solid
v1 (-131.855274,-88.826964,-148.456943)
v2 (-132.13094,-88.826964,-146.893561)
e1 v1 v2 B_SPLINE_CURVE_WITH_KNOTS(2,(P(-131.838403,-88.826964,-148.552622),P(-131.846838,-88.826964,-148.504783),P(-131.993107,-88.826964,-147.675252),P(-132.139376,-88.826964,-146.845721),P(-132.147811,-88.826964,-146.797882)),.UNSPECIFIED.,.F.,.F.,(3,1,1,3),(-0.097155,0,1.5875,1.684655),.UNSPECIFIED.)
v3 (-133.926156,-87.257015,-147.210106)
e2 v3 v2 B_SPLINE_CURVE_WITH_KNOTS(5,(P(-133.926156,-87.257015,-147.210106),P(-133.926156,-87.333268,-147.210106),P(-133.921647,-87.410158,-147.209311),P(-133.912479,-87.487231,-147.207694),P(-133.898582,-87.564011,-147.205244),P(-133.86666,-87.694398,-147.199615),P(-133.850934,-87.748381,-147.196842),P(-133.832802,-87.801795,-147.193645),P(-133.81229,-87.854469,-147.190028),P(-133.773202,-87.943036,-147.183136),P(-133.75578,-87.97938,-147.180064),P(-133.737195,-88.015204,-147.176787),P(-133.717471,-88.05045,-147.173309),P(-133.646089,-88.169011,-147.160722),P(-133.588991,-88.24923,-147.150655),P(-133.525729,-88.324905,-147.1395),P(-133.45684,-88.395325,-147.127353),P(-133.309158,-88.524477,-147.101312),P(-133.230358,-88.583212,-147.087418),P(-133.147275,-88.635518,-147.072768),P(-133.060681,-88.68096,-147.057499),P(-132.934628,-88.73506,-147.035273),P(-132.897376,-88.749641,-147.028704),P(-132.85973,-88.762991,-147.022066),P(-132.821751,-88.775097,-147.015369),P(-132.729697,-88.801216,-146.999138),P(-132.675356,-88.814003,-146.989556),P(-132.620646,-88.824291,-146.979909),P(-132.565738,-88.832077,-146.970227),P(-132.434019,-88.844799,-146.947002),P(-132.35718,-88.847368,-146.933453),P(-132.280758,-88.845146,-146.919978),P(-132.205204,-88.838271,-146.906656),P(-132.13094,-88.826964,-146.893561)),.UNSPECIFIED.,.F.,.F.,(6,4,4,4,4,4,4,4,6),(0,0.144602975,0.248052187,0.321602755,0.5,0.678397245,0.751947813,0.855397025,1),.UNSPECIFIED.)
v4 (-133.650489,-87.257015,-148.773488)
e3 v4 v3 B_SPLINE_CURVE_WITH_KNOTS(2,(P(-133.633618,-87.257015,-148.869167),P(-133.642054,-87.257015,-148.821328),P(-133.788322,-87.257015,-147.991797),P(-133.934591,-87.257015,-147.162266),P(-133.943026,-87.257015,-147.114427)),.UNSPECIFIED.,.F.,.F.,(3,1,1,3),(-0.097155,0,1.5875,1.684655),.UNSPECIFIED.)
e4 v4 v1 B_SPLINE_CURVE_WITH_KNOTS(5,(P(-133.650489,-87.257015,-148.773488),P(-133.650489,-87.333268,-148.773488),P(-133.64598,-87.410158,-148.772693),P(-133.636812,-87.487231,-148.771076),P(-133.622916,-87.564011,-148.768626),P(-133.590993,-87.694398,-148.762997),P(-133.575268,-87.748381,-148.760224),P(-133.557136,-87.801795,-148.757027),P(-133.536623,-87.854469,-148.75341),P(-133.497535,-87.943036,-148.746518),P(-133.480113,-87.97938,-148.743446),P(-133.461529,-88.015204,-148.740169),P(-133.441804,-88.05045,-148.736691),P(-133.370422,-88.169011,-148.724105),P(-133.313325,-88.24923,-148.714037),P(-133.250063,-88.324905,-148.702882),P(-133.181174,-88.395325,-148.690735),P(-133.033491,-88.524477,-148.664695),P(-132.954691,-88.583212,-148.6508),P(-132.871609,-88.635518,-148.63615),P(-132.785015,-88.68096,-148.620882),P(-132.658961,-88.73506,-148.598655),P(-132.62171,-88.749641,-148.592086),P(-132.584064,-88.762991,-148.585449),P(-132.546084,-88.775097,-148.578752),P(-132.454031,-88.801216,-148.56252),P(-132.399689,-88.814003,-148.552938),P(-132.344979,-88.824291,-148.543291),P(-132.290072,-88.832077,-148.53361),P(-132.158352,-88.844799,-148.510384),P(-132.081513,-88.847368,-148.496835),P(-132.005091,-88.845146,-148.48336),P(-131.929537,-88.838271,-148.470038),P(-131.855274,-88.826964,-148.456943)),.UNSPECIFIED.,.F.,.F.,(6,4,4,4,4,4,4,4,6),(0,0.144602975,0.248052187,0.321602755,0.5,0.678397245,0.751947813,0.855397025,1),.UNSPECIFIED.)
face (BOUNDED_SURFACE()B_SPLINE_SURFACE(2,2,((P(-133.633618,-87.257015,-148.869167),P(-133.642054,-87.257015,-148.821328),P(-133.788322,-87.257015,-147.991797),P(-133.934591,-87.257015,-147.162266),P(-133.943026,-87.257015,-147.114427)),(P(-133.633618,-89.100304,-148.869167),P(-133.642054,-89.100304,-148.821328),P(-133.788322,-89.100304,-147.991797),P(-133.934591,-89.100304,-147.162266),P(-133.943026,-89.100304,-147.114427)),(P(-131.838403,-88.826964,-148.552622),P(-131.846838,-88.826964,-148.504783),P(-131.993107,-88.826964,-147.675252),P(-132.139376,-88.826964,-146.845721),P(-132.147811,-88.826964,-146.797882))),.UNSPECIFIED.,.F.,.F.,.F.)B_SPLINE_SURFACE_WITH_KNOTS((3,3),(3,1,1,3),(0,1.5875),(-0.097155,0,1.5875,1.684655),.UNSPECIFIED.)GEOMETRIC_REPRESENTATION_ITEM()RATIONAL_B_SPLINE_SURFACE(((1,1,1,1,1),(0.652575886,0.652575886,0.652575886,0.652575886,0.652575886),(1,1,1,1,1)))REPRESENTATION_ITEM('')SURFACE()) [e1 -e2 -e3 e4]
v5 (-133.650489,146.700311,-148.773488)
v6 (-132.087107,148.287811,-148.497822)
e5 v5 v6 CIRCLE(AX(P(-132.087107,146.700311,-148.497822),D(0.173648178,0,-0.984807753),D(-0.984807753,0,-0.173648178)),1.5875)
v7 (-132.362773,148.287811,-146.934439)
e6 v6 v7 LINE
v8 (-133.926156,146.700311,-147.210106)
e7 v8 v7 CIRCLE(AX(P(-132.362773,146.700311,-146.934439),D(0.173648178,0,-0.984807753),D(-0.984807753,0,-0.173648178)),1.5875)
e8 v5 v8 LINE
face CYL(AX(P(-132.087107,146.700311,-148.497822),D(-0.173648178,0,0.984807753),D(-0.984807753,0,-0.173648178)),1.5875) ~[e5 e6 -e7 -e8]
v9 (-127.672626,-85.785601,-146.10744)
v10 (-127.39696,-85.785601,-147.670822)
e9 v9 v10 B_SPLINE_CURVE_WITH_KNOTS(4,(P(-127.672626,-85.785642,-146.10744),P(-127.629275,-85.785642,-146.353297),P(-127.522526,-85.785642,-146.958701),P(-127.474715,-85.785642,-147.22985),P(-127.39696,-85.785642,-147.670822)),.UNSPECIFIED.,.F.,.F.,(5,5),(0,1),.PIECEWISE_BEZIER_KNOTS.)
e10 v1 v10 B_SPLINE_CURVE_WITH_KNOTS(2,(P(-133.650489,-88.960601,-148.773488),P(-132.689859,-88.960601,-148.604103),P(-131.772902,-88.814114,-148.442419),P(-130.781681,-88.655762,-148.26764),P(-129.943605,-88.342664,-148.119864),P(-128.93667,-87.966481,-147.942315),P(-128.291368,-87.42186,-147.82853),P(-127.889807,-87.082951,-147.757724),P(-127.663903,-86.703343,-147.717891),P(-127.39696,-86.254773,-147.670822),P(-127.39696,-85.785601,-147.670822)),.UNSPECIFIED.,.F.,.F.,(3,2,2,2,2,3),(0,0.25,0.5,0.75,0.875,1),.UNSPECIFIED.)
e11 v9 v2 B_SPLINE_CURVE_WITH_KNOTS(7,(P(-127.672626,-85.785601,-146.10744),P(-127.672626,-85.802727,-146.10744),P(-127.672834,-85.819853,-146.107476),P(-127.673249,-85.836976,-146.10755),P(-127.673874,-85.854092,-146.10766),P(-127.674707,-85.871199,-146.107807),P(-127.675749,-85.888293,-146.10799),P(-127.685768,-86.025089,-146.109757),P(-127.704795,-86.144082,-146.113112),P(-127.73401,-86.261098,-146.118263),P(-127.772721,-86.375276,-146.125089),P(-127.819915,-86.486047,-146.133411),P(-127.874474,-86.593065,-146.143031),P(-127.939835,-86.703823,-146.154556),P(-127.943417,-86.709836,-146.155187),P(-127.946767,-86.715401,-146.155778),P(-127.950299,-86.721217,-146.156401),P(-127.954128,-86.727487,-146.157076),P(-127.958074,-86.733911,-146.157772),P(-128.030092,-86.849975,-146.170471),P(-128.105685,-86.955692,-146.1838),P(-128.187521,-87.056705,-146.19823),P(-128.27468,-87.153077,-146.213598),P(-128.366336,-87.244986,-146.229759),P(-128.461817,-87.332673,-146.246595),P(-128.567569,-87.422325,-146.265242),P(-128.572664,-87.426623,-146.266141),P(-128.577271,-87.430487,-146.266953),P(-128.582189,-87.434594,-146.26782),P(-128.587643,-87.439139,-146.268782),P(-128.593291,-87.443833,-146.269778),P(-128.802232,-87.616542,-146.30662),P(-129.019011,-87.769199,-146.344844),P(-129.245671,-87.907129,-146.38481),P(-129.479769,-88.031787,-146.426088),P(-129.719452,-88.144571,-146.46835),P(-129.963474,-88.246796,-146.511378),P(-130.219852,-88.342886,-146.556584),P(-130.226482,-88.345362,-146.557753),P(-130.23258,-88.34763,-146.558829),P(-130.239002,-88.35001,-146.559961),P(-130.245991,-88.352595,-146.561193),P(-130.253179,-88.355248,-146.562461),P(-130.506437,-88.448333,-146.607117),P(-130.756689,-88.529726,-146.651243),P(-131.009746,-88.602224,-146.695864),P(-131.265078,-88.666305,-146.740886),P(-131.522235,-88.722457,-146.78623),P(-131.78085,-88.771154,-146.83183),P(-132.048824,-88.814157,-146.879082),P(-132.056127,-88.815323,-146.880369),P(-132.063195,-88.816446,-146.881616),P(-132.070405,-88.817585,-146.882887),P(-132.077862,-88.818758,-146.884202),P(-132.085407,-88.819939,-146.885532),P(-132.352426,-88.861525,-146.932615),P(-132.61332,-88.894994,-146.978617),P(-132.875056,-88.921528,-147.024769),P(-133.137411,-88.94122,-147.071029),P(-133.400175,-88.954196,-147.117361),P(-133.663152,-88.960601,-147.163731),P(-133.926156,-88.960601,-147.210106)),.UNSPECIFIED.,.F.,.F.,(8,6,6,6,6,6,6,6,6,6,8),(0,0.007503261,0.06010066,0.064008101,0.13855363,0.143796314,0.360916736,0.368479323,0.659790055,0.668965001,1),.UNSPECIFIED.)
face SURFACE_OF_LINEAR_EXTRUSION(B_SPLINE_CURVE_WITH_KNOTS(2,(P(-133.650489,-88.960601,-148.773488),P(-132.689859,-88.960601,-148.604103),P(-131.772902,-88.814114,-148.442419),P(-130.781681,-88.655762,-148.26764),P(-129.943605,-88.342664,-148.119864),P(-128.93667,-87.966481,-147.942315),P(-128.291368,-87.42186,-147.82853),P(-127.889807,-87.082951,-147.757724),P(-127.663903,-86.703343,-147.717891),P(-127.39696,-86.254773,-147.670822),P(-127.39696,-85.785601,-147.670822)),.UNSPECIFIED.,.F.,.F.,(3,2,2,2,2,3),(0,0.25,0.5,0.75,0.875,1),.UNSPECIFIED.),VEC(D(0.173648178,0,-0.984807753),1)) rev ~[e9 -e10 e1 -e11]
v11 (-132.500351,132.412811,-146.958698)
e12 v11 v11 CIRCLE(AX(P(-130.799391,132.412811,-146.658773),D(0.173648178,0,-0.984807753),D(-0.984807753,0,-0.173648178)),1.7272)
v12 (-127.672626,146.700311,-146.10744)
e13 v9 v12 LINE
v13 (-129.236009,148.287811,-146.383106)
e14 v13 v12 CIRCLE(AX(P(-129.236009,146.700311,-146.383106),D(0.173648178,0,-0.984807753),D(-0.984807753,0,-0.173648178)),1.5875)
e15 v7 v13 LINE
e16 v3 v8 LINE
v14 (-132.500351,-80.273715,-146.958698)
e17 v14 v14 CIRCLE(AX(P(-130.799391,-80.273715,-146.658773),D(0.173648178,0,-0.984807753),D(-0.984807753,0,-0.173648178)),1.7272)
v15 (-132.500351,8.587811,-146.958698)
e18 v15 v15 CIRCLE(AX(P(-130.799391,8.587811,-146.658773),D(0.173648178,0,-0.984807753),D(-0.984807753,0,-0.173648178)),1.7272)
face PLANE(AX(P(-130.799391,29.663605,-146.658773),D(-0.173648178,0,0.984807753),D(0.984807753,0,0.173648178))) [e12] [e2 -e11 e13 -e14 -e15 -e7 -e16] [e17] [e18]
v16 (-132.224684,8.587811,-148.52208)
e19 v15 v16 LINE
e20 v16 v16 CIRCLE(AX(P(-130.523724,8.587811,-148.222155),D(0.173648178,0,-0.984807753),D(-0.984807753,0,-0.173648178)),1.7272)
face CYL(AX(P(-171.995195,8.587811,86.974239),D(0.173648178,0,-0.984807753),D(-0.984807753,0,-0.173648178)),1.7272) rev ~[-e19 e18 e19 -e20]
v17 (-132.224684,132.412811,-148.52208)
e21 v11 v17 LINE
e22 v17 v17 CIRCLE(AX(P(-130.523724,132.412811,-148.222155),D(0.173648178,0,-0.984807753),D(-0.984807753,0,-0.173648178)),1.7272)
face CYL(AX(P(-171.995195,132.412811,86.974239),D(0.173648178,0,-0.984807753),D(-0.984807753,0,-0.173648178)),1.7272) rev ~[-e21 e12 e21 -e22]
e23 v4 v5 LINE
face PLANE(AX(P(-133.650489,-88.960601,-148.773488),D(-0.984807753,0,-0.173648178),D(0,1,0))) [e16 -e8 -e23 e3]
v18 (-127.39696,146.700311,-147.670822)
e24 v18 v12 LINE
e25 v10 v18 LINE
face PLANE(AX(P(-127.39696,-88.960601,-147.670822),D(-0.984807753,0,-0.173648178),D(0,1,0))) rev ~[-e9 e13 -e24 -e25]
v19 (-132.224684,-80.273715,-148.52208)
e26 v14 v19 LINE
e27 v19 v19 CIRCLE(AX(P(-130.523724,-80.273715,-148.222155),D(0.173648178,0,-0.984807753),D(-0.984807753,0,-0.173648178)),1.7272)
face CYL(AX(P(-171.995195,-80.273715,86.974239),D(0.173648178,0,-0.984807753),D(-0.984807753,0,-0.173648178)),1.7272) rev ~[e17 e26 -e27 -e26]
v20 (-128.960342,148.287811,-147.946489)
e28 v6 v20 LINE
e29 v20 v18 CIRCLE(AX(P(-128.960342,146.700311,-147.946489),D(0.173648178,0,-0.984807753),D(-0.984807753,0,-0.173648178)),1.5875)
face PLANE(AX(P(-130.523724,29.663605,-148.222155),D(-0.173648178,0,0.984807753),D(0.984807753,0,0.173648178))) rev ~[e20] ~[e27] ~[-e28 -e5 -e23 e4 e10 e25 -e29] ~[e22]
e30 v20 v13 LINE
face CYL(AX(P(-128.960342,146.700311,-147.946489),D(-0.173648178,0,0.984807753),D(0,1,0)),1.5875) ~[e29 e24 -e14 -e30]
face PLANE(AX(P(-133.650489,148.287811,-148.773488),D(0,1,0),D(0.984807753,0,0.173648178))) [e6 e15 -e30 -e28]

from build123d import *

# Parameters (mm, degrees)
SKETCH1_W             = 6.35
SKETCH1_H             = 237.248411897
BOSS_EXTRUDE1_DEPTH   = 1.5875
CUT_EXTRUDE1_DEPTH    = 217.487166027
FILLET1_R             = 1.5875
F_4_CLEARANCE_HOLE1_D = 3.4544


with BuildPart() as part:
    # Sketch1 → Boss-Extrude1 (new body)
    with BuildSketch(Plane(origin=(23.448725568, 0, -121.072657859), x_dir=(0.9848077530122085, 0, 0.17364817766692836), z_dir=(-0.17364817766692836, 0, 0.9848077530122085))):
        with Locations((-156.347723262, 29.663605247)):
            Rectangle(SKETCH1_W, SKETCH1_H)
    extrude(amount=BOSS_EXTRUDE1_DEPTH)

    # Sketch5 → Cut-Extrude1 (cut, through all)
    with BuildSketch(Plane(origin=(21.411709489, 0, -121.431838754), x_dir=(-0.9848077530122086, 0, -0.1736481776669278), z_dir=(0.17364817766692778, 0, -0.9848077530122085))):
        with BuildLine():
            Line((157.454282927, -88.960600702), (151.104282926, -88.960600702))
            Line((151.104282926, -88.960600702), (151.104282926, -85.785600702))
            add(Edge.make_bspline(
                [(157.454282927, -88.960600702), (156.478833721, -88.960600702), (155.547731492, -88.814113606), (154.541218358, -88.655762372), (153.69021453, -88.342663916), (152.667745865, -87.966480695), (152.012488578, -87.421859718), (151.604733254, -87.082951464), (151.375343959, -86.703342636), (151.104282926, -86.254772615), (151.104282926, -85.785600702)],
                knots=[0, 0, 0, 0.25, 0.25, 0.5, 0.5, 0.75, 0.75, 0.875, 0.875, 1, 1, 1], degree=2))
        make_face()
    extrude(amount=-CUT_EXTRUDE1_DEPTH, mode=Mode.SUBTRACT)

    # Fillet1
    fillet1_edges = [part.edges().sort_by_distance(p)[0] for p in [
        (-127.534793091, 148.287811195, -146.889130968),
        (-133.788322323, 148.287811195, -147.991796896),
        (-133.788322323, -88.960600702, -147.991796896),
    ]]
    fillet(fillet1_edges, radius=FILLET1_R)

    # #4 Clearance Hole1 (through all)
    with Locations(Plane(origin=(21.136043007, 0, -119.868456446), x_dir=(0.9848077530122086, 0, 0.1736481776669278), z_dir=(-0.17364817766692778, 0, 0.9848077530122085))):
        with Locations((-154.279282926, 8.587811195), (-154.279282926, -80.273715104), (-154.279282926, 132.412811195)):
            Hole(F_4_CLEARANCE_HOLE1_D / 2)


solid = part.part
